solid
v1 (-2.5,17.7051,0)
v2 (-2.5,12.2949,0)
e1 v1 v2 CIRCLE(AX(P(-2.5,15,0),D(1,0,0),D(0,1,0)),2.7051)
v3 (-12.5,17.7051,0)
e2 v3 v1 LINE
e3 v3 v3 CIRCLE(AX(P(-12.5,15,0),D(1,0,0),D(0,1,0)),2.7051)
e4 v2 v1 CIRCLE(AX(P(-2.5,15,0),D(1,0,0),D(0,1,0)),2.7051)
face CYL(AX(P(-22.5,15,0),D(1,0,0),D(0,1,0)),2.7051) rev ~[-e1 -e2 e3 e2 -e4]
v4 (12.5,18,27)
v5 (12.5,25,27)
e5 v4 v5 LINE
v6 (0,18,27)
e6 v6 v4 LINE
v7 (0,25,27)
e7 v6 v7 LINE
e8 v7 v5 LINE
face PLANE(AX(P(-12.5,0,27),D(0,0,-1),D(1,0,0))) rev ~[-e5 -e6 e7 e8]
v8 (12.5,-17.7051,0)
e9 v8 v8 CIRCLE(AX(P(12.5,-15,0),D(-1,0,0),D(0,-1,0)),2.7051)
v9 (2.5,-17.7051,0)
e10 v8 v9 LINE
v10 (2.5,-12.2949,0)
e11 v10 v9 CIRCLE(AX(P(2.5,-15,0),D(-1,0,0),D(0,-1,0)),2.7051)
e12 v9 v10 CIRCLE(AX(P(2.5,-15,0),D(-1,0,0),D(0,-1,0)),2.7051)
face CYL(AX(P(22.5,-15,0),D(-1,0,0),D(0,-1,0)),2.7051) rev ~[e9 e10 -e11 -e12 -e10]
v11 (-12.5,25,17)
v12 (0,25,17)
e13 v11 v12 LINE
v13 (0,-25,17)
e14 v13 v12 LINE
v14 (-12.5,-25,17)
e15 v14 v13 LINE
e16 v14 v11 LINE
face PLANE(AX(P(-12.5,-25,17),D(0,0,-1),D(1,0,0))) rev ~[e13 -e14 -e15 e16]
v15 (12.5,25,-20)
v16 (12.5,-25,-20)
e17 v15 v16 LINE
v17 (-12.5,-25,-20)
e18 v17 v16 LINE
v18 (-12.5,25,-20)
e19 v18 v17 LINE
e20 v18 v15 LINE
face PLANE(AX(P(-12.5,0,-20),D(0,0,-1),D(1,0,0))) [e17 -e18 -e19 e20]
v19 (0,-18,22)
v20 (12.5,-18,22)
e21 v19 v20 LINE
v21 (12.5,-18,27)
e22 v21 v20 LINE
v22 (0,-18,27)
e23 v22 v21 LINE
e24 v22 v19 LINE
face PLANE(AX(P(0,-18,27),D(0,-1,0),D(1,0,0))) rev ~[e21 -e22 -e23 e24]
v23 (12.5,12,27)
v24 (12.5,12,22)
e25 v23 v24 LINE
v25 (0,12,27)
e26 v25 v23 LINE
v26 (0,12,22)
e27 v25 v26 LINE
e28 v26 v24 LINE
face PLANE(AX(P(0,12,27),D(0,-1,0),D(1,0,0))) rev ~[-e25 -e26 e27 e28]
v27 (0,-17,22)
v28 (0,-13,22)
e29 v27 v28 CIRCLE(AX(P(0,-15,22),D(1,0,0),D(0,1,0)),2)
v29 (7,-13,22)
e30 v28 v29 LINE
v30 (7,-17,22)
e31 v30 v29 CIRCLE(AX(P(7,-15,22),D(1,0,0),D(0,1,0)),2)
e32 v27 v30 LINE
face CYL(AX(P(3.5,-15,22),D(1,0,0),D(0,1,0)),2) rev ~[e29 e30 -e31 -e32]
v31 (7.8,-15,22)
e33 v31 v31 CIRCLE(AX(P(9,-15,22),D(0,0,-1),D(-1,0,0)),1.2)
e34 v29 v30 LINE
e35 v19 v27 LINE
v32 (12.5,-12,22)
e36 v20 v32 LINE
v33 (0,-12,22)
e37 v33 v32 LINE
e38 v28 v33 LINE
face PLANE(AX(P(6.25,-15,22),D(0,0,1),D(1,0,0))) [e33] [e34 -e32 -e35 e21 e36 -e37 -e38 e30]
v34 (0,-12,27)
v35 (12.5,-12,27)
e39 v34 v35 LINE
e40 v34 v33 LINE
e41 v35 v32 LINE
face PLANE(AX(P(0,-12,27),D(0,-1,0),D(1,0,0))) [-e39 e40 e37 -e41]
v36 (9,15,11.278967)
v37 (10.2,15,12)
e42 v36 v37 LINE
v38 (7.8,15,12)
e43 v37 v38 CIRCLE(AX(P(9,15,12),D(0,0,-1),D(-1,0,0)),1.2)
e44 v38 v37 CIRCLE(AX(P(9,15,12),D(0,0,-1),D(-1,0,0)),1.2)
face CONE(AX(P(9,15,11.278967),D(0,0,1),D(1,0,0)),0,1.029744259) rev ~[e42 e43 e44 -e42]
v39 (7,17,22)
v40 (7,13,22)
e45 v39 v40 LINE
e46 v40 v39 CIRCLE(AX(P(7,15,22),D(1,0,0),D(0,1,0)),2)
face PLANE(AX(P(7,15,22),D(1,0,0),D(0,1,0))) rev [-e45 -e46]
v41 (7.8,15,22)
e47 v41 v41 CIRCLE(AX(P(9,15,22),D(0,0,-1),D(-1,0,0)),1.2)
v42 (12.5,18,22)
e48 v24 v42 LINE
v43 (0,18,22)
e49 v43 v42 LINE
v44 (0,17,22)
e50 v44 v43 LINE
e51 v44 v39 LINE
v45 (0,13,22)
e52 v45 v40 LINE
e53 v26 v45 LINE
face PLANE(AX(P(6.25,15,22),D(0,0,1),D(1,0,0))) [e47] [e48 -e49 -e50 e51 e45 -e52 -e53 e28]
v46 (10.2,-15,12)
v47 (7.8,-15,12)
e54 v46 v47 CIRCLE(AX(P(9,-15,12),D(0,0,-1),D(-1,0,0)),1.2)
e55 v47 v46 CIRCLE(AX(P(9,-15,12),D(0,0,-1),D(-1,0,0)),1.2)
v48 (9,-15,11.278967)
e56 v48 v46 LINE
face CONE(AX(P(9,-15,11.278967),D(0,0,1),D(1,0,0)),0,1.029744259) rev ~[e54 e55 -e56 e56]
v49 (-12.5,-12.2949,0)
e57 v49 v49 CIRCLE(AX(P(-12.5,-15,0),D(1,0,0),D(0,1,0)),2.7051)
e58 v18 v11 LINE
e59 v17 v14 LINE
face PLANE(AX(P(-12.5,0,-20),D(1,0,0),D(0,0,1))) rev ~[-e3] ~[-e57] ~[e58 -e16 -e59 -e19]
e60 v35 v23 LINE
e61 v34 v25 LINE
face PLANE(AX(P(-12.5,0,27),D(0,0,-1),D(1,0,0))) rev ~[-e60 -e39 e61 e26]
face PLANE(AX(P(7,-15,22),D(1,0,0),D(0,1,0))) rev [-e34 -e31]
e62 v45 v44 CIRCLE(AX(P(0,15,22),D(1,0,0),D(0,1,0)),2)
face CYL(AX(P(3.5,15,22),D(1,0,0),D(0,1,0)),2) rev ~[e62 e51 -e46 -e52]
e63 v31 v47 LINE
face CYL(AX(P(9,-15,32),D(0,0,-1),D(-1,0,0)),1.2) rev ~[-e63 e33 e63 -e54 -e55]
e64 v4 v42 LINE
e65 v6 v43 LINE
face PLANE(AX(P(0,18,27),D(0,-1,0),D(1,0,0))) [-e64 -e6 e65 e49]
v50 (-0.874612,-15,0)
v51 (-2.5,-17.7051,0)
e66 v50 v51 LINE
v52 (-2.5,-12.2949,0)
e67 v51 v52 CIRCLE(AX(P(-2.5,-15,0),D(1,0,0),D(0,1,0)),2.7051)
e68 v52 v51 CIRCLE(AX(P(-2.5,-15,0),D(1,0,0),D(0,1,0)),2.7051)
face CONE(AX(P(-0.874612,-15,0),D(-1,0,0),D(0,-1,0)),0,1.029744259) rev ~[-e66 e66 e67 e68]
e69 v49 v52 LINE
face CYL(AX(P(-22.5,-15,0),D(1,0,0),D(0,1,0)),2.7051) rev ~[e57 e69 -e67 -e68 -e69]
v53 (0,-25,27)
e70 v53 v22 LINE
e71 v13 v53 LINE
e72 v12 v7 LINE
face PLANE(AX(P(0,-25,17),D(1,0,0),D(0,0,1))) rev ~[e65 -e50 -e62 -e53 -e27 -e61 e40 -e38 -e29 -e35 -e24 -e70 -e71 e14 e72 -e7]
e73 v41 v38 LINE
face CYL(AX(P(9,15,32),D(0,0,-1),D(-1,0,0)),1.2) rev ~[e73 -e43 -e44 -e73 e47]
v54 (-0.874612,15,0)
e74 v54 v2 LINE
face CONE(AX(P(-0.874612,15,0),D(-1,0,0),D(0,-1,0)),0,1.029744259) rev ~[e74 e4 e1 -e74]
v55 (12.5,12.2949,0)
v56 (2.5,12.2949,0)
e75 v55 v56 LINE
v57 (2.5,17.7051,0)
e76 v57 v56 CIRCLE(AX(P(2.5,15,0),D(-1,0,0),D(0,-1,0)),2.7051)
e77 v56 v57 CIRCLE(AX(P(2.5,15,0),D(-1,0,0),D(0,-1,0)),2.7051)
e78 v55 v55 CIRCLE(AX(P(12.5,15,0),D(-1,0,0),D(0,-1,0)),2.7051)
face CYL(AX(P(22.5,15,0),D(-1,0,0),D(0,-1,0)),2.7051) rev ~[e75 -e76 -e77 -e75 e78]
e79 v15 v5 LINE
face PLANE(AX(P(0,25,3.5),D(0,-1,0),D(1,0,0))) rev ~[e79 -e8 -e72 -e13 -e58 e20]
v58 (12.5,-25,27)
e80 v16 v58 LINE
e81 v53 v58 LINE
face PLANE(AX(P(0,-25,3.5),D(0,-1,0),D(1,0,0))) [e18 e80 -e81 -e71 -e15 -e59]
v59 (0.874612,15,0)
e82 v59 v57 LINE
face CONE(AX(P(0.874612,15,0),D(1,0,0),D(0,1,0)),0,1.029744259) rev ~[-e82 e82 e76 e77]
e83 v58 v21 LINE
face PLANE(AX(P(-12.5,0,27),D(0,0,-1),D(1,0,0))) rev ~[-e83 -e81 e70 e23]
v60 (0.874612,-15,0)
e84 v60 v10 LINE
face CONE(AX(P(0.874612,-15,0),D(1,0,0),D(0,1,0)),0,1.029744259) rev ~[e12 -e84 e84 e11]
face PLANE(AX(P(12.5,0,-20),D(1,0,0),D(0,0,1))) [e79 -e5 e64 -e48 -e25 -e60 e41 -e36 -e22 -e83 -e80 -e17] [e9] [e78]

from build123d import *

# Parameters (mm, degrees)
F0_W             = 25
F0_H             = 47
F1_DEPTH         = 25
F4_D             = 5.4102
F4_DEPTH         = 10
F4_TIP           = 1.6253880605
F4_ON_F3_D       = 5.4102
F4_ON_F3_DEPTH   = 10
F4_ON_F3_TIP     = 1.6253880605
F5_W             = 12.5
F5_H             = 10
F6_DEPTH         = 50.001
F7_W             = 12.5
F7_H             = 6
F8_DEPTH         = 5
F11_D            = 2.4
F11_DEPTH        = 10
F11_TIP          = 0.7210327428
F11_ON_F10_D     = 2.4
F11_ON_F10_DEPTH = 10
F11_ON_F10_TIP   = 0.7210327428
F9_W             = 7
F9_H             = 2
F10_W            = 7
F10_H            = 2


with BuildPart() as f1:
    # F0 (on Front) → F1 (new body, symmetric)
    with BuildSketch(Plane.XZ):
        with Locations((0, 3.5)):
            Rectangle(F0_W, F0_H)
    extrude(amount=F1_DEPTH, both=True)

    # F4
    with Locations(Plane(origin=(-12.5, 0, 0), x_dir=(0, -1, 0), z_dir=(-1, 0, 0))):
        with Locations((-15, 0), (15, 0)):
            Hole(F4_D / 2, depth=F4_DEPTH)
            with Locations((0, 0, -(F4_DEPTH + F4_TIP / 2))):  # 118° drill point
                Cone(0, F4_D / 2, F4_TIP, mode=Mode.SUBTRACT)

    # F4 on F3
    with Locations(Plane.YZ.offset(12.5)):
        with Locations((-15, 0), (15, 0)):
            Hole(F4_ON_F3_D / 2, depth=F4_ON_F3_DEPTH)
            with Locations((0, 0, -(F4_ON_F3_DEPTH + F4_ON_F3_TIP / 2))):  # 118° drill point
                Cone(0, F4_ON_F3_D / 2, F4_ON_F3_TIP, mode=Mode.SUBTRACT)

    # F5 (on face) → F6 (cut, through all)
    with BuildSketch(Plane.XZ.offset(25)):
        with Locations((-6.25, 22)):
            Rectangle(F5_W, F5_H)
    extrude(amount=-F6_DEPTH, mode=Mode.SUBTRACT)

    # F7 (on face) → F8 (cut)
    with BuildSketch(Plane.XY.offset(27)):
        with Locations((6.25, 15)):
            Rectangle(F7_W, F7_H)
        with Locations((6.25, -15)):
            Rectangle(F7_W, F7_H)
    extrude(amount=-F8_DEPTH, mode=Mode.SUBTRACT)

    # F11
    with Locations(Plane.XY.offset(22)):
        with Locations((9, 15)):
            Hole(F11_D / 2, depth=F11_DEPTH)
            with Locations((0, 0, -(F11_DEPTH + F11_TIP / 2))):  # 118° drill point
                Cone(0, F11_D / 2, F11_TIP, mode=Mode.SUBTRACT)

    # F11 on F10
    with Locations(Plane.XY.offset(22)):
        with Locations((9, -15)):
            Hole(F11_ON_F10_D / 2, depth=F11_ON_F10_DEPTH)
            with Locations((0, 0, -(F11_ON_F10_DEPTH + F11_ON_F10_TIP / 2))):  # 118° drill point
                Cone(0, F11_ON_F10_D / 2, F11_ON_F10_TIP, mode=Mode.SUBTRACT)

    # F9 (on face) → F12 (revolve, cut)
    with BuildSketch(Plane.XY.offset(22)):
        with Locations((3.5, 16)):
            Rectangle(F9_W, F9_H)
    revolve(axis=Axis((7.6713971794, 15, 22), (1, 0, 0)), mode=Mode.SUBTRACT)

    # F10 (on face) → F13 (revolve, cut)
    with BuildSketch(Plane.XY.offset(22)):
        with Locations((3.5, -14)):
            Rectangle(F10_W, F10_H)
    revolve(axis=Axis((7.2402027436, -15, 22), (1, 0, 0)), mode=Mode.SUBTRACT)


solid = f1.part
